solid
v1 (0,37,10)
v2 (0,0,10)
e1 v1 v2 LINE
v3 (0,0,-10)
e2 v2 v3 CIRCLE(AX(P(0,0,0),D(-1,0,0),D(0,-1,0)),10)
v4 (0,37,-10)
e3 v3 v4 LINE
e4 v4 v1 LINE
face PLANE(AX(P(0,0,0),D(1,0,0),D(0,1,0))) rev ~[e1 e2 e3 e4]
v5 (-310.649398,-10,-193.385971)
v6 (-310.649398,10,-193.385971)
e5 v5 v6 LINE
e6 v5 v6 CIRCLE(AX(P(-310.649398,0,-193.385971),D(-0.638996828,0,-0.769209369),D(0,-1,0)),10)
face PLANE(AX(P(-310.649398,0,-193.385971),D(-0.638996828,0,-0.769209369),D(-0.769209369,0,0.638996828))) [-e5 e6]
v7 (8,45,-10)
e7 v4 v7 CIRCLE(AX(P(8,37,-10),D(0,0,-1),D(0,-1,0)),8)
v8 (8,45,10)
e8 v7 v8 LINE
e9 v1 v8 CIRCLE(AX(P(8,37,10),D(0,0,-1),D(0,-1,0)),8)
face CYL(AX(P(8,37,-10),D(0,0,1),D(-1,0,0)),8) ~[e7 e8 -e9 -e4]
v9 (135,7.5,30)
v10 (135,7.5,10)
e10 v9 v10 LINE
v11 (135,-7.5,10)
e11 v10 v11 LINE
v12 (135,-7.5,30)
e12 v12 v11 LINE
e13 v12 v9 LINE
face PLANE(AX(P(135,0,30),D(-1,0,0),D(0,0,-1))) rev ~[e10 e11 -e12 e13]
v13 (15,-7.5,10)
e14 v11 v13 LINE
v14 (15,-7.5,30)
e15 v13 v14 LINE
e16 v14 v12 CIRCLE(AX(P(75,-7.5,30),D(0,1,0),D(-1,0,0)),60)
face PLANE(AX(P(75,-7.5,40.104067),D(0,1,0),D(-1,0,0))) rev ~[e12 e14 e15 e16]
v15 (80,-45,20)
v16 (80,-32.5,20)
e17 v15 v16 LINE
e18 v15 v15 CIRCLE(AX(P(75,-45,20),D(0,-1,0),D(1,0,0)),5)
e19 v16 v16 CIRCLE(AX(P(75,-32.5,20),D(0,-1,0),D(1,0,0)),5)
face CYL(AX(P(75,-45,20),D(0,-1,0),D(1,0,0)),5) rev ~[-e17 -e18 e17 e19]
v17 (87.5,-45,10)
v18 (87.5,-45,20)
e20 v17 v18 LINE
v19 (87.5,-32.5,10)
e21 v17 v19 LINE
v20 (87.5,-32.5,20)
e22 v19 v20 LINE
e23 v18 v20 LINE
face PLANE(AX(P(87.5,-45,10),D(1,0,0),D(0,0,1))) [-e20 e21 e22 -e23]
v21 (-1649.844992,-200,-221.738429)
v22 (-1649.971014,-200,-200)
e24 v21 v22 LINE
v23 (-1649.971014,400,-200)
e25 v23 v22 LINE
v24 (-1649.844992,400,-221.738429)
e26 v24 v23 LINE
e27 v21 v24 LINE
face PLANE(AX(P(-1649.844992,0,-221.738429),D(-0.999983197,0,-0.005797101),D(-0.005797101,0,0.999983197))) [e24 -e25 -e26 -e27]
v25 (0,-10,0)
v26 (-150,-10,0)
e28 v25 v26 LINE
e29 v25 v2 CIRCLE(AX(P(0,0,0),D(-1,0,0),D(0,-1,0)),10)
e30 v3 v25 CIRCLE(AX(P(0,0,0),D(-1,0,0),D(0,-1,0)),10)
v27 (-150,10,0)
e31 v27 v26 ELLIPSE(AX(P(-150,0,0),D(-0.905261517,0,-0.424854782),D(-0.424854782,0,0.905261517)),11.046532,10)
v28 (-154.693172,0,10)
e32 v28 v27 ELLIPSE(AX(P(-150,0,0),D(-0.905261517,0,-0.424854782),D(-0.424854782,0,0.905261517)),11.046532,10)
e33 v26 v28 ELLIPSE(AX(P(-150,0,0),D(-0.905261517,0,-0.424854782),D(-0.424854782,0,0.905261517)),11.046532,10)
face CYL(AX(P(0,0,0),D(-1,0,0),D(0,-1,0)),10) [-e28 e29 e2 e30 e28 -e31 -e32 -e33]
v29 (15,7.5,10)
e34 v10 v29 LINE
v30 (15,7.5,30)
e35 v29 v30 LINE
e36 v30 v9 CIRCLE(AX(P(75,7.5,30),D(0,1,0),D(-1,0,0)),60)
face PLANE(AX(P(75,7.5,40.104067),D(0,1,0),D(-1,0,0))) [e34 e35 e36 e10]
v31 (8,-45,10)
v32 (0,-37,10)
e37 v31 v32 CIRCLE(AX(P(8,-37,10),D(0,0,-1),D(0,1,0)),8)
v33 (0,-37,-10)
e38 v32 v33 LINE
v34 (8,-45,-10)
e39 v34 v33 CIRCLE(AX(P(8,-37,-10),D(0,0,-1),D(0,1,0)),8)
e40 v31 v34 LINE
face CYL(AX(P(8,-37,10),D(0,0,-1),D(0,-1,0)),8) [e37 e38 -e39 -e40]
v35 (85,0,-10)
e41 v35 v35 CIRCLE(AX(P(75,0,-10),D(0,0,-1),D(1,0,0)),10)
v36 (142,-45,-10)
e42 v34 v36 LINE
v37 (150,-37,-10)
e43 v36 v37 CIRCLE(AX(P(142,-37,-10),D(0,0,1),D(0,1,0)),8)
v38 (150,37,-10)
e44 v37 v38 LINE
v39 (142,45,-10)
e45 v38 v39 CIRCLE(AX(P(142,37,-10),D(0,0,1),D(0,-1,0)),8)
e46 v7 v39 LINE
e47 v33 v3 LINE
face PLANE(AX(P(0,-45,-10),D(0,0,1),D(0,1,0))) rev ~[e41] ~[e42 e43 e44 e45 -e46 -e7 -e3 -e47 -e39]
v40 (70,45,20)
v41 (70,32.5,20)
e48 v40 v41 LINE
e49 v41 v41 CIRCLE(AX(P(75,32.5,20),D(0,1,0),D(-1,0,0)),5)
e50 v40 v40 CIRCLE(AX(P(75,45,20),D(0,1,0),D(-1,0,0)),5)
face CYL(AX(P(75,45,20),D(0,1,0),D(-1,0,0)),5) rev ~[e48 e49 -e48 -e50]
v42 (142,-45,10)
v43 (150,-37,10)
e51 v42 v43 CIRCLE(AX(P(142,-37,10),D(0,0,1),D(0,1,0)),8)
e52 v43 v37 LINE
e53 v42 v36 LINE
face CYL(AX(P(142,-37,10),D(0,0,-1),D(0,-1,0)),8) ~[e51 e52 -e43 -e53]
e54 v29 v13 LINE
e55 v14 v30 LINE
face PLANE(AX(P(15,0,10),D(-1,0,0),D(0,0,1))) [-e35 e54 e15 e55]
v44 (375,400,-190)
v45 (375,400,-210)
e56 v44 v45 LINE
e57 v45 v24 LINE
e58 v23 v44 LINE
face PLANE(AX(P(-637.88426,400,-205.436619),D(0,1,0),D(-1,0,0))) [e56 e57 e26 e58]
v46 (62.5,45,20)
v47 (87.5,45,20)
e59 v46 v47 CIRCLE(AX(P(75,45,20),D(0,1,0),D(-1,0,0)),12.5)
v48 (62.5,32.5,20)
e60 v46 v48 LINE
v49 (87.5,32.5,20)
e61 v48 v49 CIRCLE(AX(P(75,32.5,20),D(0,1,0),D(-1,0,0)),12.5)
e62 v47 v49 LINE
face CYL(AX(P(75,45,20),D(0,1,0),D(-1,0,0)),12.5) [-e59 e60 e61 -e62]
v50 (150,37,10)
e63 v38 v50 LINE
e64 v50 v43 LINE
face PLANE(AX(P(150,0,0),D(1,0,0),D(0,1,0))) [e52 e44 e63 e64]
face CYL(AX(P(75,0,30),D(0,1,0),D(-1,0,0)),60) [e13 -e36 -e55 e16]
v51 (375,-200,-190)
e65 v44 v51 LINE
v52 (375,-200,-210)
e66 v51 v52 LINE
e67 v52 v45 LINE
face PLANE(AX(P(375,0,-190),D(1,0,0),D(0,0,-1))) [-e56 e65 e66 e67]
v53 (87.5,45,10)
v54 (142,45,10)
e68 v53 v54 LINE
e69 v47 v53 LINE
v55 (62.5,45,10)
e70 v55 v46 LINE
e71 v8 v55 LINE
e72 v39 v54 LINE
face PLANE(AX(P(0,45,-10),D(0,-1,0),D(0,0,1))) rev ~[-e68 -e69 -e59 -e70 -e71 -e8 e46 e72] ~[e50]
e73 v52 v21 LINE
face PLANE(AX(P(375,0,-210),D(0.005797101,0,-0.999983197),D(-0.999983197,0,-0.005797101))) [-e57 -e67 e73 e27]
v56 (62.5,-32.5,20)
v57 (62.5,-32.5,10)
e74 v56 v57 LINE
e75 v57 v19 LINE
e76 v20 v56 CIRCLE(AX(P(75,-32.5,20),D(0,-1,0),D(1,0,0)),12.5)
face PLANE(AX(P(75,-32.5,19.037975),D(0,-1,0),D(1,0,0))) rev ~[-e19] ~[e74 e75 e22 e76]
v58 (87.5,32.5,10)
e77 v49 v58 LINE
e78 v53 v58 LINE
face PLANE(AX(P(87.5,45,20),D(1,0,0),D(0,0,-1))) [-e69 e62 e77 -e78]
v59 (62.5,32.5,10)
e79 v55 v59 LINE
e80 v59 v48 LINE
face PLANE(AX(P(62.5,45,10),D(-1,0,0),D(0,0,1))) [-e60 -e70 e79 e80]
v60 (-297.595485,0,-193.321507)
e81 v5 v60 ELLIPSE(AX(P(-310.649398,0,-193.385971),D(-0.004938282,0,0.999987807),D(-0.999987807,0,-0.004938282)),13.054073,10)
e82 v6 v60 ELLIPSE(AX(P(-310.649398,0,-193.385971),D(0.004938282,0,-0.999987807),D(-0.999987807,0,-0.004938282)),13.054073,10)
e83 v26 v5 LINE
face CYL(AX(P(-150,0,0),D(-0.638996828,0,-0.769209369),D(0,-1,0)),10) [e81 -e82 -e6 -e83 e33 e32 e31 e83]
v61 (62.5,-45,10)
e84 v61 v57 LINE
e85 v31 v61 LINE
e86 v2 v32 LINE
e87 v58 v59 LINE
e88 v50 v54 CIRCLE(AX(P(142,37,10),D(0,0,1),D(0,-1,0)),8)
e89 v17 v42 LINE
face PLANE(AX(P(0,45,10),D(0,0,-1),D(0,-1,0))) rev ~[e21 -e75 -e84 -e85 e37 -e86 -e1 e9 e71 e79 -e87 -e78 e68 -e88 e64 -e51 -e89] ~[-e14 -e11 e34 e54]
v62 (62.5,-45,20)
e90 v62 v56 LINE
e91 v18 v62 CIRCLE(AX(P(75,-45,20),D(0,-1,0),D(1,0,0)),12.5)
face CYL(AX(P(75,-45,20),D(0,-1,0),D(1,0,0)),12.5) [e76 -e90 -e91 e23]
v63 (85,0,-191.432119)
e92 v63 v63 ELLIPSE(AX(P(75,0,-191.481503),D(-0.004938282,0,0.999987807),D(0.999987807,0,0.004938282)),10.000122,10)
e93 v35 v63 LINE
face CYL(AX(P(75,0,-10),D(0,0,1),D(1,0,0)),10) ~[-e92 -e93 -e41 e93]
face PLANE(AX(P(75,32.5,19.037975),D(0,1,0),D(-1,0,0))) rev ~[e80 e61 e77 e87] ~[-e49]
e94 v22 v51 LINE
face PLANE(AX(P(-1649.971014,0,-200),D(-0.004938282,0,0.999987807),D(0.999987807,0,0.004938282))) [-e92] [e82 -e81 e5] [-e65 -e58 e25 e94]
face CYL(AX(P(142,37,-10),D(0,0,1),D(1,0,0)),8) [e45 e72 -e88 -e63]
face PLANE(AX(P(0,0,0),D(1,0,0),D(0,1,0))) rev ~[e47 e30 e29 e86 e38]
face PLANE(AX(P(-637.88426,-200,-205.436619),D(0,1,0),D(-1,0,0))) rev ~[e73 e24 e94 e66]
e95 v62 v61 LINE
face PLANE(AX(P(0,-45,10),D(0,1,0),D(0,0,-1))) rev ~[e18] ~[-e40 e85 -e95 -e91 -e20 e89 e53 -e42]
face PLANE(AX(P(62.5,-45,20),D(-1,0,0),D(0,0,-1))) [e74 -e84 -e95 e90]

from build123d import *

# Parameters (mm, degrees)
F1_DEPTH       = 150
F3_R           = 5
F4_DEPTH       = 12.5
F6_R           = 5
F7_DEPTH       = 12.5
F10_DEPTH      = 7.5
F10_DEPTH_BACK = 7.5
F13_R          = 10
F15_DEPTH      = 400
F15_DEPTH_BACK = 200
F18_DEPTH      = 190
F19_R          = 8


with BuildPart() as f1:
    # F0 (on Right) → F1 (new body)
    with BuildSketch(Plane.YZ):
        Polygon((45, 10), (0, 10), (-45, 10), (-45, -10), (45, -10), align=None)
    extrude(amount=F1_DEPTH)

    # F3 (on offset) → F4 (join)
    with BuildSketch(Plane.XZ.offset(45)):
        with BuildLine():
            Line((87.5, 10), (87.5, 20))
            ThreePointArc((87.5, 20), (75, 32.5), (62.5, 20))
            Line((62.5, 20), (62.5, 10))
            Line((62.5, 10), (75, 10))
            Line((75, 10), (87.5, 10))
        make_face()
        with Locations((75, 20)):
            Circle(F3_R, mode=Mode.SUBTRACT)
    extrude(amount=-F4_DEPTH)

    # F6 (on offset) → F7 (join)
    with BuildSketch(Plane(origin=(0, 45, 0), x_dir=(-1, 0, 0), z_dir=(0, 1, 0))):
        with BuildLine():
            Line((-62.5, 10), (-62.5, 20))
            ThreePointArc((-62.5, 20), (-75, 32.5), (-87.5, 20))
            Line((-87.5, 20), (-87.5, 10))
            Line((-87.5, 10), (-75, 10))
            Line((-75, 10), (-62.5, 10))
        make_face()
        with Locations((-75, 20)):
            Circle(F6_R, mode=Mode.SUBTRACT)
    extrude(amount=-F7_DEPTH)

    # F9 (on offset) → F10 (join, two sides)
    with BuildSketch(Plane(origin=(0, 0, 0), x_dir=(-1, 0, 0), z_dir=(0, 1, 0))) as f10_sk:
        with BuildLine():
            Line((-15, 10), (-15, 30))
            ThreePointArc((-15, 30), (-75, 90), (-135, 30))
            Line((-135, 30), (-135, 10))
            Line((-135, 10), (-75, 10))
            Line((-75, 10), (-15, 10))
        make_face()
    extrude(amount=F10_DEPTH)
    extrude(f10_sk.sketch, amount=-F10_DEPTH_BACK)

    # F14: sweep along a path in F11
    with BuildLine(Plane(origin=(0, 0, 0), x_dir=(-1, 0, 0), z_dir=(0, 1, 0))) as f14_path:
        Line((0, 0), (150, 0))
        Line((150, 0), (310.6493984302, -193.3859714218))
    # F13 (on offset) → F14 (sweep)
    with BuildSketch(Plane(origin=(0, 0, 0), x_dir=(0, -1, 0), z_dir=(-1, 0, 0))):
        Circle(F13_R)
    sweep(path=f14_path.line, transition=Transition.RIGHT)

    # F11 (on offset) → F15 (join, two sides)
    with BuildSketch(Plane(origin=(0, 0, 0), x_dir=(-1, 0, 0), z_dir=(0, 1, 0))) as f15_sk:
        Polygon((310.6493984302, -193.3859714218), (-375, -190), (-375, -210), (1649.8449922529, -221.7384290839), (1649.9710142492, -200), align=None)
    extrude(amount=F15_DEPTH)
    extrude(f15_sk.sketch, amount=-F15_DEPTH_BACK)

    # F17 (on offset) → F18 (join)
    with BuildSketch(Plane(origin=(0, 0, -10), x_dir=(1, 0, 0), z_dir=(0, 0, -1))):
        with BuildLine():
            ThreePointArc((65, 0), (75, -10), (85, 0))
            ThreePointArc((85, 0), (75, 10), (65, 0))
        make_face()
    extrude(amount=F18_DEPTH)

    # F19
    f19_edges = [f1.edges().sort_by_distance(p)[0] for p in [
        (0, -45, 0),
        (150, -45, 0),
        (150, 45, 0),
        (0, 45, 0),
    ]]
    fillet(f19_edges, radius=F19_R)


solid = f1.part
